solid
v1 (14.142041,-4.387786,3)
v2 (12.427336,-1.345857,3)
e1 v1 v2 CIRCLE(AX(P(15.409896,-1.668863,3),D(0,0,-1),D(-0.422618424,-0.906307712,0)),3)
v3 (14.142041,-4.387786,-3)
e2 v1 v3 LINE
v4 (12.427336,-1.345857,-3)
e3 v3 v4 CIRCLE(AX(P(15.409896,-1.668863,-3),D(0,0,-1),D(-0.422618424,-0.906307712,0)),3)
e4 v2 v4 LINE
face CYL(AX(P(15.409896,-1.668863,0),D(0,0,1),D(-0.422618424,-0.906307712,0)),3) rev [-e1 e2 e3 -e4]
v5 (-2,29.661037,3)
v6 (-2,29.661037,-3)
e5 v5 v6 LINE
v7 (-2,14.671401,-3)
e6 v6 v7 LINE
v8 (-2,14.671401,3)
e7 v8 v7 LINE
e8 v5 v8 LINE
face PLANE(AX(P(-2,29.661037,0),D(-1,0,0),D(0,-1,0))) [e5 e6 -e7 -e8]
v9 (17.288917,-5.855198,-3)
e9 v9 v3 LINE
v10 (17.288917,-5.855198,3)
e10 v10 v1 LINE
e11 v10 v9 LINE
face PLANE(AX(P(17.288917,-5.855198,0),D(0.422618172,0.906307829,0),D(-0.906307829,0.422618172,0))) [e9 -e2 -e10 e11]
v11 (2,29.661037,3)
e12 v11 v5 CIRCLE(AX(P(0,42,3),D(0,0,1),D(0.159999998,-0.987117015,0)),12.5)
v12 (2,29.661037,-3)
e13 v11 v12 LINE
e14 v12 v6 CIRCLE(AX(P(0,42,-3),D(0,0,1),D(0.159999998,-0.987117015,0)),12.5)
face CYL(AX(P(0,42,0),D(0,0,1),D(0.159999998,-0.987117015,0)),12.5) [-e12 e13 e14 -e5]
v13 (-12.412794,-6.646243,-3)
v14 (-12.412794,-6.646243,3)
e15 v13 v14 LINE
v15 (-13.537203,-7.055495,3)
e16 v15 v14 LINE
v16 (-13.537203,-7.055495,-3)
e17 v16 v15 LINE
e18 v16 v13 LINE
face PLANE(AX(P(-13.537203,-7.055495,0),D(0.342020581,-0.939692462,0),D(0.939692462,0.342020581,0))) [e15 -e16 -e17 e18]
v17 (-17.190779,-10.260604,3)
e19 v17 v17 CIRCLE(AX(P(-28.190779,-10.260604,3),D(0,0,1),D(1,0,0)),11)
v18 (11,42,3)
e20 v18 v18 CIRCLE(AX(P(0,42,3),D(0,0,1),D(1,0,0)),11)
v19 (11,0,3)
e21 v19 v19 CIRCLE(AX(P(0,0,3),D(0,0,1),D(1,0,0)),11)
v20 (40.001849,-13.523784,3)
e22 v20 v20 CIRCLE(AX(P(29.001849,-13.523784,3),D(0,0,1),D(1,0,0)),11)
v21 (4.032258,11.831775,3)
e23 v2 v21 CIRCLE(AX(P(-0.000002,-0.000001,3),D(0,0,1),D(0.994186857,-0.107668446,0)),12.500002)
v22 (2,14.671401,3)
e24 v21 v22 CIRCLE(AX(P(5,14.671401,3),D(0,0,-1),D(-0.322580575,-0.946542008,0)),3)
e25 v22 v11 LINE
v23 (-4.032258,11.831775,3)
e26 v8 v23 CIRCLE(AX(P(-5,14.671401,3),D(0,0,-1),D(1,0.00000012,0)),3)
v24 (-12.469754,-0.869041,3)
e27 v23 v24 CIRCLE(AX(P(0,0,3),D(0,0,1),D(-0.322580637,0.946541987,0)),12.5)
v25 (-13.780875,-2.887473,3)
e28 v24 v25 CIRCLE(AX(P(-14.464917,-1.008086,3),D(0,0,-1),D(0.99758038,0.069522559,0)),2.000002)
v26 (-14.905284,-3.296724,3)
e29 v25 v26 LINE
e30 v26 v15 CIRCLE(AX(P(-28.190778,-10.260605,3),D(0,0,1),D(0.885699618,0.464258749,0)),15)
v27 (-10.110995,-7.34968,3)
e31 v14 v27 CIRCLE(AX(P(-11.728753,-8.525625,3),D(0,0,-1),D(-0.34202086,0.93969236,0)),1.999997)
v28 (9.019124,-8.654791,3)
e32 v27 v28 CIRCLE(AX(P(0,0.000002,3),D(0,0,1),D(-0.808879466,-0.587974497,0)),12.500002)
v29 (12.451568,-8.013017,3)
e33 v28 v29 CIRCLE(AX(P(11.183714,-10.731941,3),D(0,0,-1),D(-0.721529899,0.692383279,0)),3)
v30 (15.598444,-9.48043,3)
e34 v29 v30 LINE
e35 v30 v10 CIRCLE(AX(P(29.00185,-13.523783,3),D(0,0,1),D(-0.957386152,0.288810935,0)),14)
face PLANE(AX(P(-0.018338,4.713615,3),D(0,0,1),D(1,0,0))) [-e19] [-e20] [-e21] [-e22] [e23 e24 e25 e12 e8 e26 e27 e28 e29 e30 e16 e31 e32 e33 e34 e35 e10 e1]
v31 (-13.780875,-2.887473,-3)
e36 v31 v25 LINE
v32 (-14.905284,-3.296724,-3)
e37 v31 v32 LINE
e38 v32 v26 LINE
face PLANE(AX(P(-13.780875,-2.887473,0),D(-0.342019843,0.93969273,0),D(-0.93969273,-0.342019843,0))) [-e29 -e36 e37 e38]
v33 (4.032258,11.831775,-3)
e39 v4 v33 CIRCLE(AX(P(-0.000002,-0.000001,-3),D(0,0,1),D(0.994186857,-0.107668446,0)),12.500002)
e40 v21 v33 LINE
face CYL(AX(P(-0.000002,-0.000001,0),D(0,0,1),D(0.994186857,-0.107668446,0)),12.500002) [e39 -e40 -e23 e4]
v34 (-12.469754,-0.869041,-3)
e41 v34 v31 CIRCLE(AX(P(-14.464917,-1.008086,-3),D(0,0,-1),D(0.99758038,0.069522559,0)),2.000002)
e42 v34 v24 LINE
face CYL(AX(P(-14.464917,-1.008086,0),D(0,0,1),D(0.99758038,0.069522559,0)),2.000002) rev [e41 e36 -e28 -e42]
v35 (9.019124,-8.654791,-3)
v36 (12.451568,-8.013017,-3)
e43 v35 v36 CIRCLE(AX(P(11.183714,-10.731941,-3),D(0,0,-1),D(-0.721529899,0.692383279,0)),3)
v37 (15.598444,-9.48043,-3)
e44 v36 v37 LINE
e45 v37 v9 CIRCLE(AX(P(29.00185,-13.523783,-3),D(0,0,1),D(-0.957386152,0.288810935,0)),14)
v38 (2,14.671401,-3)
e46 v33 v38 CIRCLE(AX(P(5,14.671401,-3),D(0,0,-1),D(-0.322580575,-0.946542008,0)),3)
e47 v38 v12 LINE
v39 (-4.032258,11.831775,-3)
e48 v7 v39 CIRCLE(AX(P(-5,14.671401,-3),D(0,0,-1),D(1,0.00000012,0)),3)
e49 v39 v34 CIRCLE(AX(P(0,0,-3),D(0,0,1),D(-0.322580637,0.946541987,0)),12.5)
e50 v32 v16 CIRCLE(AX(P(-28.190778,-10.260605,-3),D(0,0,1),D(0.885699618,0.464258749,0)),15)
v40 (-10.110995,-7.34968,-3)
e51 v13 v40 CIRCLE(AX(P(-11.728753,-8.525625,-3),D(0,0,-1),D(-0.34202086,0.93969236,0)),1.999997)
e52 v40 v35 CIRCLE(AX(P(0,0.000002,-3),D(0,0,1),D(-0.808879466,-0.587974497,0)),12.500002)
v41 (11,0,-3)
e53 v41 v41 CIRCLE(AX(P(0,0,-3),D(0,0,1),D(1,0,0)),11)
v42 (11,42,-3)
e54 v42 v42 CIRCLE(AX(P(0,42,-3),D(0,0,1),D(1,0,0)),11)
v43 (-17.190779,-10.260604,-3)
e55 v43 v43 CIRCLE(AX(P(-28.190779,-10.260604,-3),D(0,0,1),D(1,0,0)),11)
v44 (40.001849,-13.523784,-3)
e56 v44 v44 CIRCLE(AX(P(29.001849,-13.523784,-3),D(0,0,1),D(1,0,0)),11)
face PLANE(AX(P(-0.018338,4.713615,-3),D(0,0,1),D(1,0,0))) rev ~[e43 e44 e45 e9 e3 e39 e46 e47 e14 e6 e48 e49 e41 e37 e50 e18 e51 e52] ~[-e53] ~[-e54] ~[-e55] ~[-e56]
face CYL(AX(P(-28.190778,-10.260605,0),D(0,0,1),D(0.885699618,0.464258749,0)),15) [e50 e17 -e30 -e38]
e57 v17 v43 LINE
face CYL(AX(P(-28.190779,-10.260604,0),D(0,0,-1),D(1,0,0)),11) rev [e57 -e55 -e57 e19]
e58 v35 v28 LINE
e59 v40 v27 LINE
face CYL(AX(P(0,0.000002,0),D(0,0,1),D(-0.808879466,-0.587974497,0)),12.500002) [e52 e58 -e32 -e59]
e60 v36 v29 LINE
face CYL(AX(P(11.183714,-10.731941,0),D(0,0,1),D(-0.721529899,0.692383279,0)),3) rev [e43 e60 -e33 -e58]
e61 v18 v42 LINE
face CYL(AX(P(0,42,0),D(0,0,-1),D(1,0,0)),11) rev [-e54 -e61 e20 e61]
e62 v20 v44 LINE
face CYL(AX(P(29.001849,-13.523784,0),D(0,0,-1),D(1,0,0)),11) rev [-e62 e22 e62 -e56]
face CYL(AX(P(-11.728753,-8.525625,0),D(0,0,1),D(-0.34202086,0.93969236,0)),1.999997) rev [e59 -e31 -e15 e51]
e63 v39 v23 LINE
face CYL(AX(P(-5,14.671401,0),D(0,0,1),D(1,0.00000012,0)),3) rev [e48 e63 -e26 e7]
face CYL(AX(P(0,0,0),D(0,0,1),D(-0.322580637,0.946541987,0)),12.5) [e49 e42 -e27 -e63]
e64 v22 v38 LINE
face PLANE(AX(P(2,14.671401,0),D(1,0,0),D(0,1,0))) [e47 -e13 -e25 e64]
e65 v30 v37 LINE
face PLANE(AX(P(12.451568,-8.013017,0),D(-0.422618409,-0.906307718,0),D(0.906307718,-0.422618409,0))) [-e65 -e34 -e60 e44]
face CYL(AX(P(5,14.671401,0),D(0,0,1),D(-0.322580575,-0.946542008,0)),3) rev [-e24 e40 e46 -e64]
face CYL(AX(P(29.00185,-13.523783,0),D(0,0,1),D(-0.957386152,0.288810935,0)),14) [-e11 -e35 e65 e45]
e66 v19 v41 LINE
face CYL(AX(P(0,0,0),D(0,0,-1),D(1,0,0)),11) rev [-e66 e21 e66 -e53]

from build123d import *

# Parameters (mm, degrees)
F0_R     = 11
F1_DEPTH = 3


with BuildPart() as f1:
    # F0 (on Top) → F1 (new body, symmetric)
    with BuildSketch(Plane.XY):
        with BuildLine():
            ThreePointArc((-2, 14.671401), (-2.560407, 12.925438), (-4.032258, 11.831775))
            ThreePointArc((-4.032258, 11.831775), (-10.411858, 6.916879), (-12.469754, -0.869041))
            ThreePointArc((-12.469754, -0.869041), (-12.787701, -2.097561), (-13.780875, -2.887473))
            Line((-13.780875, -2.887473), (-14.905284, -3.296724))
            ThreePointArc((-14.905284, -3.296724), (-42.286168, -15.390906), (-13.537203, -7.055495))
            Line((-13.537203, -7.055495), (-12.412794, -6.646243))
            ThreePointArc((-12.412794, -6.646243), (-11.144234, -6.61295), (-10.110995, -7.34968))
            ThreePointArc((-10.110995, -7.34968), (-0.850808, -12.471011), (9.019124, -8.654791))
            ThreePointArc((9.019124, -8.654791), (10.63235, -7.783043), (12.451568, -8.013017))
            Line((12.451568, -8.013017), (15.598444, -9.48043))
            ThreePointArc((15.598444, -9.48043), (41.690158, -19.44044), (17.288917, -5.855198))
            Line((17.288917, -5.855198), (14.142041, -4.387786))
            ThreePointArc((14.142041, -4.387786), (12.7965, -3.142009), (12.427336, -1.345857))
            ThreePointArc((12.427336, -1.345857), (10.542393, 6.716245), (4.032258, 11.831775))
            ThreePointArc((4.032258, 11.831775), (2.560407, 12.925438), (2, 14.671401))
            Line((2, 14.671401), (2, 29.661037))
            ThreePointArc((2, 29.661037), (0, 54.5), (-2, 29.661037))
            Line((-2, 29.661037), (-2, 14.671401))
        make_face()
        with Locations((-28.190779, -10.260604)):
            Circle(F0_R, mode=Mode.SUBTRACT)
        with Locations((29.001849, -13.523784)):
            Circle(F0_R, mode=Mode.SUBTRACT)
        Circle(F0_R, mode=Mode.SUBTRACT)
        with Locations((0, 42)):
            Circle(F0_R, mode=Mode.SUBTRACT)
    extrude(amount=F1_DEPTH, both=True)


solid = f1.part
